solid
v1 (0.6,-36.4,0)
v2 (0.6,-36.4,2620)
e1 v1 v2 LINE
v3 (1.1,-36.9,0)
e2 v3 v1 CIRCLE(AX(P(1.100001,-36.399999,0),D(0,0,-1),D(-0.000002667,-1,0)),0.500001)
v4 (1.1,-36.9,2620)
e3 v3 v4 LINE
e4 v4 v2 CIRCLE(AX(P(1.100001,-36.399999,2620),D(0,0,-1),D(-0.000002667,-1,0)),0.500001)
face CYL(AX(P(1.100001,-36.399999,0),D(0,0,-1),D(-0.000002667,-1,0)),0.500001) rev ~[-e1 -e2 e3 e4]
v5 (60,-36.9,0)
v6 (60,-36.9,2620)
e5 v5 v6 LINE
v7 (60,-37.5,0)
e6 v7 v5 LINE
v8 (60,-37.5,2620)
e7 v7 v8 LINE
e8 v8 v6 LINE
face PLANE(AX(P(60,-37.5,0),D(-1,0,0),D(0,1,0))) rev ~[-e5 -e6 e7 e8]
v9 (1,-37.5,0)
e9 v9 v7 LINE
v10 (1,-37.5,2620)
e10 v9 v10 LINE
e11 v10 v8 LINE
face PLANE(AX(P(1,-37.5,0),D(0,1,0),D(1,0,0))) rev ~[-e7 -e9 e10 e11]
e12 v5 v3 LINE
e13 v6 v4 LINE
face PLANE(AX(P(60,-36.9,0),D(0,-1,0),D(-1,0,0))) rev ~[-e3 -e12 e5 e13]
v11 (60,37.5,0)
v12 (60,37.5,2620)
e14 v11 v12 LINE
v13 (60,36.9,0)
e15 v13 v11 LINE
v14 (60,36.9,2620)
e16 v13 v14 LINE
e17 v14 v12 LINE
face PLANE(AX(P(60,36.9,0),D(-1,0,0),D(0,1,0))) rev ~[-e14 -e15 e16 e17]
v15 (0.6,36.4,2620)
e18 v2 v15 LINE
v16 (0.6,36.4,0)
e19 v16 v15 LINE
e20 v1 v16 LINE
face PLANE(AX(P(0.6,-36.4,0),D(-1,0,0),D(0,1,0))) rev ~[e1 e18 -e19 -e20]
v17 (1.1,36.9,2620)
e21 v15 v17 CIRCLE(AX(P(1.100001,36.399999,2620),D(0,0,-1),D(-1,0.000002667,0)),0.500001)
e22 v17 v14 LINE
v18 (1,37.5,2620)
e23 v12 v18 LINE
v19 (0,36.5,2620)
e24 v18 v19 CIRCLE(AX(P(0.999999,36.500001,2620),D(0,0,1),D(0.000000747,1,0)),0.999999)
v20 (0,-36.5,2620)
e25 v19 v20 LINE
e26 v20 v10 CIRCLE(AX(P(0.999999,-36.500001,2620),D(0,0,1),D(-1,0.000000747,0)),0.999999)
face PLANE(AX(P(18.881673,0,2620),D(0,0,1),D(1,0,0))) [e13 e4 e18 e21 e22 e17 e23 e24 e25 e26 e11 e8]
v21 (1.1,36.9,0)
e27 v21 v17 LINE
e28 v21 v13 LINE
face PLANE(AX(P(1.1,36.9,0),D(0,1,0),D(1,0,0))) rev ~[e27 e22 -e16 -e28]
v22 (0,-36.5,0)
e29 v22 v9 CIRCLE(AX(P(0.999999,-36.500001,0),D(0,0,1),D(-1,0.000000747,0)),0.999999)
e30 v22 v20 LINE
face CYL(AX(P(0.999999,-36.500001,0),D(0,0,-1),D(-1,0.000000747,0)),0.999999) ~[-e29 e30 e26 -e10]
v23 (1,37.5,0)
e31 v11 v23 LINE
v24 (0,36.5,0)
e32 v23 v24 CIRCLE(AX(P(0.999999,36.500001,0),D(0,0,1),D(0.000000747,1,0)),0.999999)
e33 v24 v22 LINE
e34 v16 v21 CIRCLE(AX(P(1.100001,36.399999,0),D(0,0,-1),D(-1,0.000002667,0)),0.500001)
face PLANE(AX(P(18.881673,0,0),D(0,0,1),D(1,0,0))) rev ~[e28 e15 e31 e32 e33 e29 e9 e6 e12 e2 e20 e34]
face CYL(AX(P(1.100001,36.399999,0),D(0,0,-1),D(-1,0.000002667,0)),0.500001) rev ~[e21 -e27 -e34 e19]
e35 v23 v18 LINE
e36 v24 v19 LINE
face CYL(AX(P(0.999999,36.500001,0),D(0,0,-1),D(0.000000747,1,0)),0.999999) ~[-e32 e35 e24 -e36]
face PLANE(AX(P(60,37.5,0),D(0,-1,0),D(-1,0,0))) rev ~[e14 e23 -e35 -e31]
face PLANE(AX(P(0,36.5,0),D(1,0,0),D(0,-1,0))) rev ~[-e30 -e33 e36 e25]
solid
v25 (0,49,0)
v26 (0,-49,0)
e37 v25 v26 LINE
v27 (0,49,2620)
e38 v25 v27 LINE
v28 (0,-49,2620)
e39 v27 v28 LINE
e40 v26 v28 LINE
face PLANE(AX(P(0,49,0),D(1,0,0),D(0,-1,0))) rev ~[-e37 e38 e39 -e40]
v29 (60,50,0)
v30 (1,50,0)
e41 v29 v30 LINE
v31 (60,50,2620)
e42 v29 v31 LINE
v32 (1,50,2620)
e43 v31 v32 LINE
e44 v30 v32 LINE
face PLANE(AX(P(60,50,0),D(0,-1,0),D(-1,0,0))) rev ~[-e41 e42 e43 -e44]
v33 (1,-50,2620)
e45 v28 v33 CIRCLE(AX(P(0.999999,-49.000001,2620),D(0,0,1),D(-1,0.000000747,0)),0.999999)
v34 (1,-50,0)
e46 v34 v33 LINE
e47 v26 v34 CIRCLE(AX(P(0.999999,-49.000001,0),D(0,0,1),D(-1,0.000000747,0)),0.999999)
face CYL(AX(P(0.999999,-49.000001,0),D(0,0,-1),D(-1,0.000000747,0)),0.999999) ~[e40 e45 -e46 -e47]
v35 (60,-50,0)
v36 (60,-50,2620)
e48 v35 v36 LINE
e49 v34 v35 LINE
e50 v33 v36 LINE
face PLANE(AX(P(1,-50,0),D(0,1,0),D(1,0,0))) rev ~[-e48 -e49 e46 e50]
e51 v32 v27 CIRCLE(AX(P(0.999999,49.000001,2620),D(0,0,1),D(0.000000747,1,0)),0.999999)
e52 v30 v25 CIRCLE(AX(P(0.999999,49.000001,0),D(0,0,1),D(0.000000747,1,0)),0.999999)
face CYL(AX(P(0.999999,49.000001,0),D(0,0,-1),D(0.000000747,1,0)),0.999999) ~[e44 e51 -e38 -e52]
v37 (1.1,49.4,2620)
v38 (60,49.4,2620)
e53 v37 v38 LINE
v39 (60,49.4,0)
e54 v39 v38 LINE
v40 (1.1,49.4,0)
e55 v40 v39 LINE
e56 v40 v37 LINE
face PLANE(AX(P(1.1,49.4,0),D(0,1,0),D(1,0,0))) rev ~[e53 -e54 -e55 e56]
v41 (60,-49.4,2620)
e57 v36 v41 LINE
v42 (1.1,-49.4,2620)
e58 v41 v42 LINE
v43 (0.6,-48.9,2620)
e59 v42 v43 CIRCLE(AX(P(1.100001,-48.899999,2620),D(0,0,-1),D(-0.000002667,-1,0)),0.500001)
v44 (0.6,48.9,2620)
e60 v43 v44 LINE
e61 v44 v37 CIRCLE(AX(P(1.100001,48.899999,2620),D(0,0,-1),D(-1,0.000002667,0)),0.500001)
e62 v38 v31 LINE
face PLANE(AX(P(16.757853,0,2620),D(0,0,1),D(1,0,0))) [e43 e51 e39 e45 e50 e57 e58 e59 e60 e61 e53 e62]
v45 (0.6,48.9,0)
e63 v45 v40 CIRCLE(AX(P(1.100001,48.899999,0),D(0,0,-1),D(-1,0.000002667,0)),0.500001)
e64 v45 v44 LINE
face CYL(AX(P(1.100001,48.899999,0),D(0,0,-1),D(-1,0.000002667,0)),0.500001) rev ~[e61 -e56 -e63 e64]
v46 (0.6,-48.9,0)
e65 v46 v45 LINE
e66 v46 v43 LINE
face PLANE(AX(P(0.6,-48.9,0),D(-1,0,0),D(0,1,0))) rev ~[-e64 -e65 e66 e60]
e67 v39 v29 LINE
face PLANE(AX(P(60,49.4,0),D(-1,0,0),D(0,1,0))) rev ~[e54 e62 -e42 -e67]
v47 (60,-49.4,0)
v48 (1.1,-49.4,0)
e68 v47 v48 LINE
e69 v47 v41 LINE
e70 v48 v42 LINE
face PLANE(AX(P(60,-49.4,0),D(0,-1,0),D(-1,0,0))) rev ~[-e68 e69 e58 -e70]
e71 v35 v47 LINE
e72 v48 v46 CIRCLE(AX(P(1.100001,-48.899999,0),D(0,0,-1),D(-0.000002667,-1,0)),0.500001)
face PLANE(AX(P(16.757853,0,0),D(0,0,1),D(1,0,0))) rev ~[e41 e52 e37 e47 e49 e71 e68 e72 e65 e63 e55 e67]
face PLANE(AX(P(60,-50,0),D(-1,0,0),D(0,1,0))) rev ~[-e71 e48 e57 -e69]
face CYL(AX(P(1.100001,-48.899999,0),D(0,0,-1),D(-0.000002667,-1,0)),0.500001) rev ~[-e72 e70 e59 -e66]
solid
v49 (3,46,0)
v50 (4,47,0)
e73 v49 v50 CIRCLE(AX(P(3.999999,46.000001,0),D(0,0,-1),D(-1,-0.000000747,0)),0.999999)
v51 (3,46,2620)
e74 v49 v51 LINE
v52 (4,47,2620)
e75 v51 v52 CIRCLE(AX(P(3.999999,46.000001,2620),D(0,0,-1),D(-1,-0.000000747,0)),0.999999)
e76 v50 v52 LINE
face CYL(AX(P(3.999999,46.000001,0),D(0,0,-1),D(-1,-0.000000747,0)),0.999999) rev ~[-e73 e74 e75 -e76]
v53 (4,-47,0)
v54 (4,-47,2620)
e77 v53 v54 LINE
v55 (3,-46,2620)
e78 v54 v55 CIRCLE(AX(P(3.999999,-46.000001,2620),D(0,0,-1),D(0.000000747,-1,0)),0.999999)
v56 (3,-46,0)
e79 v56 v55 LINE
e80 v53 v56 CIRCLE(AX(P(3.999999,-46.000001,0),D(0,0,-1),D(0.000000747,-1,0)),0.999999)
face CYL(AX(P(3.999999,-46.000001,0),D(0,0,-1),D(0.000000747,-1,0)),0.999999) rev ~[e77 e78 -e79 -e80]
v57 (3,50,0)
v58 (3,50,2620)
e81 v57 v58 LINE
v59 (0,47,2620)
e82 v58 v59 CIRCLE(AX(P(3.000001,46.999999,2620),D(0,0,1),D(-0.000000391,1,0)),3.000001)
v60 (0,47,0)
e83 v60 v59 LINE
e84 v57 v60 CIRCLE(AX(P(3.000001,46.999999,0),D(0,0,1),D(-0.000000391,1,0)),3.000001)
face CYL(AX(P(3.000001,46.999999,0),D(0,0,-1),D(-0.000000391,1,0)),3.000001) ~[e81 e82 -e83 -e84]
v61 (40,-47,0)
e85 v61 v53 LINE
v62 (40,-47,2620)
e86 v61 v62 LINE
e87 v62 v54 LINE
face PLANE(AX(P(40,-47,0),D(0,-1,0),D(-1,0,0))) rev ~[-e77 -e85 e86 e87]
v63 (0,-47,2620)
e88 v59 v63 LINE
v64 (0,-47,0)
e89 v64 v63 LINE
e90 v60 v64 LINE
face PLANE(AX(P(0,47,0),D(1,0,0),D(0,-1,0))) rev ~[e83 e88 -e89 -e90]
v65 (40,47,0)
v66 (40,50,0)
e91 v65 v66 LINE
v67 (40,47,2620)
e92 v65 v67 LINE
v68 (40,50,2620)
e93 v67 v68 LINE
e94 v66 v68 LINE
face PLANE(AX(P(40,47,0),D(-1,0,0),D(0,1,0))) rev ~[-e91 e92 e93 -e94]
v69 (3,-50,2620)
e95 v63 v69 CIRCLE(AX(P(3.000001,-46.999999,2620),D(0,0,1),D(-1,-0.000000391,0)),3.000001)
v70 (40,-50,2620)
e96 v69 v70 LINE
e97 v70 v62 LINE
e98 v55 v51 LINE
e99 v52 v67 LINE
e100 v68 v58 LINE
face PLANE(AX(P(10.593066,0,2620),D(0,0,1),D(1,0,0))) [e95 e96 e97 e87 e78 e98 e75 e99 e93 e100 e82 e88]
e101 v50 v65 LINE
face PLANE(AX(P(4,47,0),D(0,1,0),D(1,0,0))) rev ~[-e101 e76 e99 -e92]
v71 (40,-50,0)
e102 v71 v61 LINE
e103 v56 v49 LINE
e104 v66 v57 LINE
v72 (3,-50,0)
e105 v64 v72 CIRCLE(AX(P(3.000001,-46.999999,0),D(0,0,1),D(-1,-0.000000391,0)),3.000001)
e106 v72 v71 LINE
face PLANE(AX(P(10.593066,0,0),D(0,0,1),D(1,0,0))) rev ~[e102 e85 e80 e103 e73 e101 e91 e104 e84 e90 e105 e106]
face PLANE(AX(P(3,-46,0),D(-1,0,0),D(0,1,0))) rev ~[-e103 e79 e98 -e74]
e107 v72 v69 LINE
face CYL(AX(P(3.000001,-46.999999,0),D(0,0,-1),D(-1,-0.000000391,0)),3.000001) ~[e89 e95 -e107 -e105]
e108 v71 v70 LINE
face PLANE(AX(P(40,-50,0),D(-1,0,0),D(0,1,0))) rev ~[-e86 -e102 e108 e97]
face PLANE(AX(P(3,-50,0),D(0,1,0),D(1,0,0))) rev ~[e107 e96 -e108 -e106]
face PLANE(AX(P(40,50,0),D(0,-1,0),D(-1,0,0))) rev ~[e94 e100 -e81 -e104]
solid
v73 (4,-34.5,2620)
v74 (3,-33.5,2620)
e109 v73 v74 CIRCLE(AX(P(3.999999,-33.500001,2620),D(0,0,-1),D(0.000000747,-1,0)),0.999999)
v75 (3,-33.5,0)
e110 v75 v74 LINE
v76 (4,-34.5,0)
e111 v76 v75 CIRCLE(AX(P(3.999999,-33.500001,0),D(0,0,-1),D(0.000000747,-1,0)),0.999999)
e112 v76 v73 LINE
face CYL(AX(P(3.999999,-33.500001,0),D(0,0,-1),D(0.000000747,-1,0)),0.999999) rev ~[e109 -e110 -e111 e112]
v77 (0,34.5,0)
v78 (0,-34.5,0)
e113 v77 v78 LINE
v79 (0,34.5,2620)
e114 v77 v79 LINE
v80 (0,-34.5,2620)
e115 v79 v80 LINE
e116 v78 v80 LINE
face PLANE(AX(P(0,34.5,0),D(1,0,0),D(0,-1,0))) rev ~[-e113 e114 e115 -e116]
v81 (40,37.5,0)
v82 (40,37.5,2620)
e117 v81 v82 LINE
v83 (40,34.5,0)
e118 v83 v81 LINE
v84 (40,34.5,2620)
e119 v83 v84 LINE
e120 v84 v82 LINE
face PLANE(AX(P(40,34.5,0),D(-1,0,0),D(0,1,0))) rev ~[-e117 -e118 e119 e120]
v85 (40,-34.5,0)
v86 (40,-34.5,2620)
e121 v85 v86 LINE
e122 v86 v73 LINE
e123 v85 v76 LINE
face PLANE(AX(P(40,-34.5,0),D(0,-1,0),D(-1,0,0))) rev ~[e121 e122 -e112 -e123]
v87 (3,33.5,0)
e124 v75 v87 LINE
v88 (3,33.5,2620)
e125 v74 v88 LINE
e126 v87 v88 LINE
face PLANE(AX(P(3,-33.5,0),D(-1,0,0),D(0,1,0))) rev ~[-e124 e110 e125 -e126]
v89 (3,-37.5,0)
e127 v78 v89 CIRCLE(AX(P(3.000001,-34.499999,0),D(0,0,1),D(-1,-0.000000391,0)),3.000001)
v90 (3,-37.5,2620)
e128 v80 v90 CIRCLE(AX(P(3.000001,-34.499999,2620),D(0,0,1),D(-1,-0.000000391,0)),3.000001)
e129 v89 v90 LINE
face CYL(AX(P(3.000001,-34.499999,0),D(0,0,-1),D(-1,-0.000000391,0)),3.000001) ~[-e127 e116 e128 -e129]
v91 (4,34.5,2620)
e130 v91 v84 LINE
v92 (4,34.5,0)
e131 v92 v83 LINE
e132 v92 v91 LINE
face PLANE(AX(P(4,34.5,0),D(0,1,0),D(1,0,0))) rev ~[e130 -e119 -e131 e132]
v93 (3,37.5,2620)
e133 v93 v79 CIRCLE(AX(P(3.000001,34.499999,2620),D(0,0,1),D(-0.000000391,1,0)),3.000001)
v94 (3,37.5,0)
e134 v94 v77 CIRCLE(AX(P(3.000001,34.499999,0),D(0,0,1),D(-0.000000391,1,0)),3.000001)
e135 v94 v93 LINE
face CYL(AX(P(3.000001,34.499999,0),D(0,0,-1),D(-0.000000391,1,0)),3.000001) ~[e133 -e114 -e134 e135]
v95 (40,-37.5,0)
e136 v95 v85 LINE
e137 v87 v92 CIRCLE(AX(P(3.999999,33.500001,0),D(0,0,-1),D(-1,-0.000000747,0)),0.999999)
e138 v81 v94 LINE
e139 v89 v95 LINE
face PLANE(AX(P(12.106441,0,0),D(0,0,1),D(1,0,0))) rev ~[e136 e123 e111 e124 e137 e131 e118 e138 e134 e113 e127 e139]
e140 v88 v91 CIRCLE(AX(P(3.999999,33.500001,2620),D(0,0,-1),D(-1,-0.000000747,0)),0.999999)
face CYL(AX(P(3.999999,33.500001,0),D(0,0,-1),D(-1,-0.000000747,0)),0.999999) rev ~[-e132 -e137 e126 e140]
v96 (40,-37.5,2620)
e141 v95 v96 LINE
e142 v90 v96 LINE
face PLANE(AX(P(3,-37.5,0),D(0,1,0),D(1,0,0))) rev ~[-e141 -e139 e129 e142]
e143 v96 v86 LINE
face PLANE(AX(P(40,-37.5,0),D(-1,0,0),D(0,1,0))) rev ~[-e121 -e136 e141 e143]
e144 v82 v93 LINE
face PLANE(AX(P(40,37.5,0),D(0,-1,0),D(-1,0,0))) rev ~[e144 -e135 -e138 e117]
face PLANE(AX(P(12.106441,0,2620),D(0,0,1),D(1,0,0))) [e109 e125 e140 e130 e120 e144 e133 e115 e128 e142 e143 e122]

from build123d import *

# Parameters (mm, degrees)
F1_DEPTH = 2620
F3_DEPTH = 2620
F5_DEPTH = 2620
F7_DEPTH = 2620


with BuildPart() as f1:
    # F0 (on Top) → F1 (new body)
    with BuildSketch(Plane.XY):
        with BuildLine():
            Line((40, 37.5), (3, 37.5))
            ThreePointArc((3, 37.5), (0.87868, 36.62132), (0, 34.5))
            Line((0, 34.5), (0, -34.5))
            ThreePointArc((0, -34.5), (0.87868, -36.62132), (3, -37.5))
            Line((3, -37.5), (40, -37.5))
            Line((40, -37.5), (40, -34.5))
            Line((40, -34.5), (4, -34.5))
            ThreePointArc((4, -34.5), (3.292893, -34.207107), (3, -33.5))
            Line((3, -33.5), (3, 33.5))
            ThreePointArc((3, 33.5), (3.292893, 34.207107), (4, 34.5))
            Line((4, 34.5), (40, 34.5))
            Line((40, 34.5), (40, 37.5))
        make_face()
    extrude(amount=F1_DEPTH)


with BuildPart() as f3:
    # F2 (on Top) → F3 (new body)
    with BuildSketch(Plane.XY):
        with BuildLine():
            Line((40, 50), (3, 50))
            ThreePointArc((3, 50), (0.87868, 49.12132), (0, 47))
            Line((0, 47), (0, -47))
            ThreePointArc((0, -47), (0.87868, -49.12132), (3, -50))
            Line((3, -50), (40, -50))
            Line((40, -50), (40, -47))
            Line((40, -47), (4, -47))
            ThreePointArc((4, -47), (3.292893, -46.707107), (3, -46))
            Line((3, -46), (3, 46))
            ThreePointArc((3, 46), (3.292893, 46.707107), (4, 47))
            Line((4, 47), (40, 47))
            Line((40, 47), (40, 50))
        make_face()
    extrude(amount=F3_DEPTH)


with BuildPart() as f5:
    # F4 (on Top) → F5 (new body)
    with BuildSketch(Plane.XY):
        with BuildLine():
            Line((60, 37.5), (1, 37.5))
            ThreePointArc((1, 37.5), (0.292893, 37.207107), (0, 36.5))
            Line((0, 36.5), (0, -36.5))
            ThreePointArc((0, -36.5), (0.292893, -37.207107), (1, -37.5))
            Line((1, -37.5), (60, -37.5))
            Line((60, -37.5), (60, -36.9))
            Line((60, -36.9), (1.1, -36.9))
            ThreePointArc((1.1, -36.9), (0.746447, -36.753553), (0.6, -36.4))
            Line((0.6, -36.4), (0.6, 36.4))
            ThreePointArc((0.6, 36.4), (0.746447, 36.753553), (1.1, 36.9))
            Line((1.1, 36.9), (60, 36.9))
            Line((60, 36.9), (60, 37.5))
        make_face()
    extrude(amount=F5_DEPTH)


with BuildPart() as f7:
    # F6 (on Top) → F7 (new body)
    with BuildSketch(Plane.XY):
        with BuildLine():
            Line((60, 50), (1, 50))
            ThreePointArc((1, 50), (0.292893, 49.707107), (0, 49))
            Line((0, 49), (0, -49))
            ThreePointArc((0, -49), (0.292893, -49.707107), (1, -50))
            Line((1, -50), (60, -50))
            Line((60, -50), (60, -49.4))
            Line((60, -49.4), (1.1, -49.4))
            ThreePointArc((1.1, -49.4), (0.746447, -49.253553), (0.6, -48.9))
            Line((0.6, -48.9), (0.6, 48.9))
            ThreePointArc((0.6, 48.9), (0.746447, 49.253553), (1.1, 49.4))
            Line((1.1, 49.4), (60, 49.4))
            Line((60, 49.4), (60, 50))
        make_face()
    extrude(amount=F7_DEPTH)


solid = Compound([f1.part, f3.part, f5.part, f7.part])
